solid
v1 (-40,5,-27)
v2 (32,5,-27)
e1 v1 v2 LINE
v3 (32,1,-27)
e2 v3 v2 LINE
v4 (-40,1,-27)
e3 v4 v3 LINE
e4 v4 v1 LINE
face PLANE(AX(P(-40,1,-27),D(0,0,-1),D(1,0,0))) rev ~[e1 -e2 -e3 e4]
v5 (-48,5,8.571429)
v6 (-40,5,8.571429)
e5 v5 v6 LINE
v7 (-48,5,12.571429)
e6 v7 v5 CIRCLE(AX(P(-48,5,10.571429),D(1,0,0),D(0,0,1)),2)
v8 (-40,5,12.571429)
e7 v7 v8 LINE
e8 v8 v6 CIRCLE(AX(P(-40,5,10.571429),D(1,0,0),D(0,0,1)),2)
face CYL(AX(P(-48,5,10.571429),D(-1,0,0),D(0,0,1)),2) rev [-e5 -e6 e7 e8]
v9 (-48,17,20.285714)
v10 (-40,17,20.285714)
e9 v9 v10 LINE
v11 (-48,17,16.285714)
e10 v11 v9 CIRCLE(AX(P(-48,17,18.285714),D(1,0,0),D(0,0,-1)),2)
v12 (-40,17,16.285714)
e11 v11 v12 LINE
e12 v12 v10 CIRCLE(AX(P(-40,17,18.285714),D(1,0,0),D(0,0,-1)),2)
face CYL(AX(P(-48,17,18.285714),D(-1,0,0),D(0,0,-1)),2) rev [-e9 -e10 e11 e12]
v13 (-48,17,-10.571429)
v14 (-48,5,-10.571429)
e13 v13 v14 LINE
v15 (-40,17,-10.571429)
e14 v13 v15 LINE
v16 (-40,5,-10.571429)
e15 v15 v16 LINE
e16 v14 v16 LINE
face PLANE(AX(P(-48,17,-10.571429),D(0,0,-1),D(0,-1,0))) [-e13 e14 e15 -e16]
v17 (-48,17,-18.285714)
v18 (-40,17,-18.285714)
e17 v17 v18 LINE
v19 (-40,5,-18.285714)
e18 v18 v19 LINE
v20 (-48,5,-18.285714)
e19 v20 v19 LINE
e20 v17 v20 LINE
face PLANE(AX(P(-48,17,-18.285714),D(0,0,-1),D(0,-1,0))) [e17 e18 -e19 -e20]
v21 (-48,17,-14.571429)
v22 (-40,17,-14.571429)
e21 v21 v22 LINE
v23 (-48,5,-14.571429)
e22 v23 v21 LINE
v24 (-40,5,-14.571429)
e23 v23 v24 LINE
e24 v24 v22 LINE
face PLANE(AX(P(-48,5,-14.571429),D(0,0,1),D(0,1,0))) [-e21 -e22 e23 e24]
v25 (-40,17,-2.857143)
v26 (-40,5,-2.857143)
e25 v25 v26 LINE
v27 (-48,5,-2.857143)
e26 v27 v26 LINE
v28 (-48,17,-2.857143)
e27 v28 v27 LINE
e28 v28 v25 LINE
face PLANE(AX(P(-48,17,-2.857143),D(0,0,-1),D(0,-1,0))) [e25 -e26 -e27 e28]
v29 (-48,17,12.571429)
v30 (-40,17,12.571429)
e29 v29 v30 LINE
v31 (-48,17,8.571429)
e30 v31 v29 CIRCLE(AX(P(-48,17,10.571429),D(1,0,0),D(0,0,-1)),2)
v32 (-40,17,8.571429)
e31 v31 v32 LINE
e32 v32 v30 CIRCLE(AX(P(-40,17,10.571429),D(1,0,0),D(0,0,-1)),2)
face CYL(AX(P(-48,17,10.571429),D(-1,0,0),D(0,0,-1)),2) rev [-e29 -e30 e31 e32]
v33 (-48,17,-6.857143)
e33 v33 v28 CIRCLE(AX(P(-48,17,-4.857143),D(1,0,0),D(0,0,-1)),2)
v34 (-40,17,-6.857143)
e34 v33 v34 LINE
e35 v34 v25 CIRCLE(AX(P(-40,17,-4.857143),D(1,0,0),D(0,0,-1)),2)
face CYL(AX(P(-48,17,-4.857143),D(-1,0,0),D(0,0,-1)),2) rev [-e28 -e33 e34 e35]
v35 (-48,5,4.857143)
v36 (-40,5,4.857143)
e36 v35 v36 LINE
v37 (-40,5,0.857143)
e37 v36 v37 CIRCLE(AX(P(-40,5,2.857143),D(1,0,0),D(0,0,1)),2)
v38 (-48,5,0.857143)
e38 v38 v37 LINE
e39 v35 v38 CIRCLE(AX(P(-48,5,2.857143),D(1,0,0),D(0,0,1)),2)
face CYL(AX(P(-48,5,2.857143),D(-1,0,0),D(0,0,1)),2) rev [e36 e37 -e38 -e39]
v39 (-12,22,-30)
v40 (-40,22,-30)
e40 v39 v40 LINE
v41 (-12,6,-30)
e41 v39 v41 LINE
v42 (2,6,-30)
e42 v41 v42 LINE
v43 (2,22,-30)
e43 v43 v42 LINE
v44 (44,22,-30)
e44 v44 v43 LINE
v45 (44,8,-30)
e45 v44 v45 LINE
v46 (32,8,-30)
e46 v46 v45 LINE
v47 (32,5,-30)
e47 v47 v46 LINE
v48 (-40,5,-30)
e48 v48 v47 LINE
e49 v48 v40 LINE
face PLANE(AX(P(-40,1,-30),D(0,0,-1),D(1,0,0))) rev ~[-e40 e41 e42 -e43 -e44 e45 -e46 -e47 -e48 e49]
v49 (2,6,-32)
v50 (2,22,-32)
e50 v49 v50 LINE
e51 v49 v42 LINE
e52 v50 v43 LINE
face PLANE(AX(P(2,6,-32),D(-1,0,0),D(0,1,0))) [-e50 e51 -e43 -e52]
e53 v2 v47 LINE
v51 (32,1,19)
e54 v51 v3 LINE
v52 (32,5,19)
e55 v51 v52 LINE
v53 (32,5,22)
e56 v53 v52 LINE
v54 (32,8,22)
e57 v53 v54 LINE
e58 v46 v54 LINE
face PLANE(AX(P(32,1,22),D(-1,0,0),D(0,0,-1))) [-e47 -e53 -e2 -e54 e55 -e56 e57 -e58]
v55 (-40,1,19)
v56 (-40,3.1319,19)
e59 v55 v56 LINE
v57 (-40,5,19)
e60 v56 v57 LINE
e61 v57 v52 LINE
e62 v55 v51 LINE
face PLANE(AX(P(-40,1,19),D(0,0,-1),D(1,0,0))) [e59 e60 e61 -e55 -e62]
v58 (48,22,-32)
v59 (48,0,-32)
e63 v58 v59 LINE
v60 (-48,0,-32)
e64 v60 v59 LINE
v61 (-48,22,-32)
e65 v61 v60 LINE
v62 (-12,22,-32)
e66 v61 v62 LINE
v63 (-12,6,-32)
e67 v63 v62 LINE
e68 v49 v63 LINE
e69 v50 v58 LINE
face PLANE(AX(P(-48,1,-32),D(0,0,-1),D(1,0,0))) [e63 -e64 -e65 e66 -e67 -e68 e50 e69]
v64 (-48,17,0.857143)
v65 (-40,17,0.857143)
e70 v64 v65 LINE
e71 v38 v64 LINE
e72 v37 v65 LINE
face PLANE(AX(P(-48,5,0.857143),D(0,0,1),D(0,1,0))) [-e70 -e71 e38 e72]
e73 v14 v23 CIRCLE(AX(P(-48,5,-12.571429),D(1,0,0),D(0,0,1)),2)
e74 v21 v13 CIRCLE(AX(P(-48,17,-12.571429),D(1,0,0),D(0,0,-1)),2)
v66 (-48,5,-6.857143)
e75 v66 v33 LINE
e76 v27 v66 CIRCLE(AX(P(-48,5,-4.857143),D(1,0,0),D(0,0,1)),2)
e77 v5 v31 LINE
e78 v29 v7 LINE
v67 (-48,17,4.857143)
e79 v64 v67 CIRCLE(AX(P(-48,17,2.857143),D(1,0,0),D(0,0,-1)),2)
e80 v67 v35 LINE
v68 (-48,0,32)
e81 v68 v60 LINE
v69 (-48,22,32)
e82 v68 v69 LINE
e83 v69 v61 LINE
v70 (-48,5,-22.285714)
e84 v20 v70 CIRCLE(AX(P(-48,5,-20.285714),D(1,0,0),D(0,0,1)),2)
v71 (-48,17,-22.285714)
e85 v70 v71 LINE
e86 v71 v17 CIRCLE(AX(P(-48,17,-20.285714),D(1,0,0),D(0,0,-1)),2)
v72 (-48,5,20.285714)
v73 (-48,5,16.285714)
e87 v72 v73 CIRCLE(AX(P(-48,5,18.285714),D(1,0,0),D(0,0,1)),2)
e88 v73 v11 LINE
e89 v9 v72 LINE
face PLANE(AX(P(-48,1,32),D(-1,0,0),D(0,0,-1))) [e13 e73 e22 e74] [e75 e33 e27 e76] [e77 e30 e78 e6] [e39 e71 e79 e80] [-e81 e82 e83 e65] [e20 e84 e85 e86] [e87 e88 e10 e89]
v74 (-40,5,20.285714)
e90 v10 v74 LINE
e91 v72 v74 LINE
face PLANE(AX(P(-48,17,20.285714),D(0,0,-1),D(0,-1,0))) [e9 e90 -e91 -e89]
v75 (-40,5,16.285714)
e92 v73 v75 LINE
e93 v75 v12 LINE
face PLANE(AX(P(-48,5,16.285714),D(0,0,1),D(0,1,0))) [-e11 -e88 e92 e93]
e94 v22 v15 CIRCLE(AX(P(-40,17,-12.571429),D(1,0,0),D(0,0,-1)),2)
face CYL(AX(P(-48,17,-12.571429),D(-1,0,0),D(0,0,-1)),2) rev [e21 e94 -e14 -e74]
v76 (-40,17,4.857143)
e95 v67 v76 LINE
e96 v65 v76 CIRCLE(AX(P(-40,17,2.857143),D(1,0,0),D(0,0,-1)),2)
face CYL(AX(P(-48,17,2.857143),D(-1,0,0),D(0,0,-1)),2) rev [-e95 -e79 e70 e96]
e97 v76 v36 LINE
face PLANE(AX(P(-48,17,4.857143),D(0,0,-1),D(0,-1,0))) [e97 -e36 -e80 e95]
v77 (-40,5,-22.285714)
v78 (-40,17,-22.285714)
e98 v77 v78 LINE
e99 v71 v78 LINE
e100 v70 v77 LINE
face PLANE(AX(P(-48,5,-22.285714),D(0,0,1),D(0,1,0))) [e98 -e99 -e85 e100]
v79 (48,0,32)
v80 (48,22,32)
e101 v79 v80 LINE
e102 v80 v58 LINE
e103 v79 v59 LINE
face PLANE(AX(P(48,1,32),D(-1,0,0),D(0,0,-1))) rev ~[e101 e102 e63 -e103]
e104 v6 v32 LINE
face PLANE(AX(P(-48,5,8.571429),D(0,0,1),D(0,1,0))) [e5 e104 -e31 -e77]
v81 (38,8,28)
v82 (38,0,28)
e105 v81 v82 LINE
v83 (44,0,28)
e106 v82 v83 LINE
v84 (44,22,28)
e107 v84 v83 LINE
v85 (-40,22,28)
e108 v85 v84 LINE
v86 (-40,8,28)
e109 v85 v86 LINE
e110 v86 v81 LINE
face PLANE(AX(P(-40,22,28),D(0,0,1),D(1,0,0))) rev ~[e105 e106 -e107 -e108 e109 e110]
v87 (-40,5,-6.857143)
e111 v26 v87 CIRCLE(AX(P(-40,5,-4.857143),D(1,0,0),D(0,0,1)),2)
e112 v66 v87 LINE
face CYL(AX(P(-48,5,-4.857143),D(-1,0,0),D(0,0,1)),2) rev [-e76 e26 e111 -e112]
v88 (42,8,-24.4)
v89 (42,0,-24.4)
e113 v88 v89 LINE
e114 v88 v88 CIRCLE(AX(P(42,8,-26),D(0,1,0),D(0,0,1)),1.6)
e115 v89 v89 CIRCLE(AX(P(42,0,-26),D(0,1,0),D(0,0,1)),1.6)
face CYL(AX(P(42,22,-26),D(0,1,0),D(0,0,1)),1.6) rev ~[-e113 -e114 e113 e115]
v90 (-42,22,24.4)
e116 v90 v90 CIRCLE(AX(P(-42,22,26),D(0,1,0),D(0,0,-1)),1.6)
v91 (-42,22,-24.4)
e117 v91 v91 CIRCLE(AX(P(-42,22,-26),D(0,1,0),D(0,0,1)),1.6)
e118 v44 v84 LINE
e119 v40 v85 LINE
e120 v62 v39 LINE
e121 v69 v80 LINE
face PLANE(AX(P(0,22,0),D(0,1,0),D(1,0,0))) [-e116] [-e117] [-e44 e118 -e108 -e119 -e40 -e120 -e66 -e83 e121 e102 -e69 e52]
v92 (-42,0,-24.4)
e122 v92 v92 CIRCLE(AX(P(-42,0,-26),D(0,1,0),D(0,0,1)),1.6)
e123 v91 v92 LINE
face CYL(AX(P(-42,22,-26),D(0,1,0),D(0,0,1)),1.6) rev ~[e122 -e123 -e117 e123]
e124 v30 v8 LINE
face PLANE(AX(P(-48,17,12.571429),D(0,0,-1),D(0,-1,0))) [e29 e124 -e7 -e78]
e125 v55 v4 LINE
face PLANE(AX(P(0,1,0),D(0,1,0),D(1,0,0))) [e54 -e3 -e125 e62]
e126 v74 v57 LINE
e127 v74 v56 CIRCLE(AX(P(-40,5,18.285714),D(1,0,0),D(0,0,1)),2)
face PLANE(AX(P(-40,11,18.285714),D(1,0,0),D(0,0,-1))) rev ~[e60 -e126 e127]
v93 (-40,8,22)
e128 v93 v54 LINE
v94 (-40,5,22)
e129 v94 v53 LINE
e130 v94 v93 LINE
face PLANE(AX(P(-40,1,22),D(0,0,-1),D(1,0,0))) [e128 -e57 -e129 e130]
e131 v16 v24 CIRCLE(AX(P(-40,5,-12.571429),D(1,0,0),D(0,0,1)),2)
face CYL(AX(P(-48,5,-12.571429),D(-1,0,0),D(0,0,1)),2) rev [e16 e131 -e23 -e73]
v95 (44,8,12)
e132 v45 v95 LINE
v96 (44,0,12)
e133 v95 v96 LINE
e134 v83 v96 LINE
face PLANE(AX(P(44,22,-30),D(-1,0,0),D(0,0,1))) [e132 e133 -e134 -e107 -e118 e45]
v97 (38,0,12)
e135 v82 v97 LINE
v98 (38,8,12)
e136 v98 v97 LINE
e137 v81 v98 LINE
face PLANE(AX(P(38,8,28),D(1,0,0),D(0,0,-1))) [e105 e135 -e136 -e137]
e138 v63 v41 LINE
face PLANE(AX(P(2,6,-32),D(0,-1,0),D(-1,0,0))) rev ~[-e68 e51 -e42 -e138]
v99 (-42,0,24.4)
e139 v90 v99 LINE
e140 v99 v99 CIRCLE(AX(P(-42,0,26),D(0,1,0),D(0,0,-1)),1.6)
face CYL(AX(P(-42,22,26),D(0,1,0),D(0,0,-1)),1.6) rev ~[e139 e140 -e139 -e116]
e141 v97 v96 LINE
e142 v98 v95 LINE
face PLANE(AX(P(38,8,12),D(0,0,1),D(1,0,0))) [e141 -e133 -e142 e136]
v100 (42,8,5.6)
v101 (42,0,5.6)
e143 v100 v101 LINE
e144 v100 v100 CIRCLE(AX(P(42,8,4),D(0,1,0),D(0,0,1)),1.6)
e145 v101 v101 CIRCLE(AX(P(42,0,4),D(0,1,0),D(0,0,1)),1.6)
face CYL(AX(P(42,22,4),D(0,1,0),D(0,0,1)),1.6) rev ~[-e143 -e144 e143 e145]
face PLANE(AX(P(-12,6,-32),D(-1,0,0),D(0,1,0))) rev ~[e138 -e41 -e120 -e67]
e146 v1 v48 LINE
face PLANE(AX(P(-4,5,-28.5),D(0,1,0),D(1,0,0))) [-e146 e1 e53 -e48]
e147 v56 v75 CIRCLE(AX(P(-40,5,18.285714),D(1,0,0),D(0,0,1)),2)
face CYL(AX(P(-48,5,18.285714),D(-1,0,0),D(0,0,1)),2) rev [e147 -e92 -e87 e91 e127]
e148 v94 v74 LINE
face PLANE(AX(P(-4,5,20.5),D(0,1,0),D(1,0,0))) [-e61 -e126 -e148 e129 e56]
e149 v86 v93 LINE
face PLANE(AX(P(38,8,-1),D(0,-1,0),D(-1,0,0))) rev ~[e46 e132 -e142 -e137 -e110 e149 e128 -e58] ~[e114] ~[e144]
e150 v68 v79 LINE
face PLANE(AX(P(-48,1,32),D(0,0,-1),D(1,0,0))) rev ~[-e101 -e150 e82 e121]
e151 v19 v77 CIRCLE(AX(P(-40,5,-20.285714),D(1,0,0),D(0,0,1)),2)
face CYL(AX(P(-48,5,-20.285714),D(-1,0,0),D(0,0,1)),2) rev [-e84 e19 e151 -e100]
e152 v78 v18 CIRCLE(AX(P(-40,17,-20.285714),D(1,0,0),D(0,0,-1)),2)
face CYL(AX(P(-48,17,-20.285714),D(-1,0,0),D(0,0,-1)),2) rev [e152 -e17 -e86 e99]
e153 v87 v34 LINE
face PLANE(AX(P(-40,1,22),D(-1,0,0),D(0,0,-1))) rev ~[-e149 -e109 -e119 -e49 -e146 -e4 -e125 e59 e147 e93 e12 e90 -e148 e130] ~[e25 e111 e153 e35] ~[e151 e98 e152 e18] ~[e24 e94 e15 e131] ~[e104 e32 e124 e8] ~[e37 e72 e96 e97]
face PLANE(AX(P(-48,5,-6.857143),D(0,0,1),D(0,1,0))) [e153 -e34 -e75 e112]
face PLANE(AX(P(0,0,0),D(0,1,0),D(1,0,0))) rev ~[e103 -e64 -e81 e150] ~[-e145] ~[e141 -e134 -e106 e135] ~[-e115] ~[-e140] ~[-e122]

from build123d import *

# Parameters (mm, degrees)
SKETCH1_W                      = 96
SKETCH1_H                      = 64
BOSS_EXTRUDE1_DEPTH            = 1
SKETCH2_W                      = 96
SKETCH2_H                      = 64
SKETCH2_W_2                    = 72
SKETCH2_H_2                    = 52
BOSS_EXTRUDE2_DEPTH            = 21
SKETCH3_W                      = 72
SKETCH3_H                      = 3
BOSS_EXTRUDE3_DEPTH            = 4
SKETCH4_W                      = 72
SKETCH4_H                      = 6
CUT_EXTRUDE1_DEPTH             = 14
SKETCH5_W                      = 6
SKETCH5_H                      = 16
CUT_EXTRUDE2_DEPTH             = 60.363288319
CUT_EXTRUDE3_REACH             = 84.97
SKETCH6_W                      = 14
SKETCH6_H                      = 16
CUT_EXTRUDE3_DIRECTION_2_DEPTH = 83.969874051
SKETCH7_R                      = 1.6
CUT_EXTRUDE4_DEPTH             = 62.741396162
CUT_EXTRUDE5_DEPTH             = 8


with BuildPart() as part:
    # Sketch1 → Boss-Extrude1 (new body)
    with BuildSketch(Plane(origin=(0, 0, 0), x_dir=(1, 0, 0), z_dir=(0, 1, 0))):
        Rectangle(SKETCH1_W, SKETCH1_H)
    extrude(amount=BOSS_EXTRUDE1_DEPTH)

    # Sketch2 → Boss-Extrude2 (add)
    with BuildSketch(Plane(origin=(0, 1, 0), x_dir=(1, 0, 0), z_dir=(0, 1, 0))):
        Rectangle(SKETCH2_W, SKETCH2_H)
        with Locations((-4, 4)):
            Rectangle(SKETCH2_W_2, SKETCH2_H_2, mode=Mode.SUBTRACT)
    extrude(amount=BOSS_EXTRUDE2_DEPTH)

    # Sketch3 → Boss-Extrude3 (add)
    with BuildSketch(Plane(origin=(0, 1, 0), x_dir=(1, 0, 0), z_dir=(0, 1, 0))):
        with Locations((-4, -20.5)):
            Rectangle(SKETCH3_W, SKETCH3_H)
        with Locations((-4, 28.5)):
            Rectangle(SKETCH3_W, SKETCH3_H)
    extrude(amount=BOSS_EXTRUDE3_DEPTH)

    # Sketch4 → Cut-Extrude1 (cut)
    with BuildSketch(Plane(origin=(0, 22, 0), x_dir=(1, 0, 0), z_dir=(0, 1, 0))):
        Polygon((44, 30), (44, -28), (32, -28), (32, -22), (32, 30), align=None)
        with Locations((-4, -25)):
            Rectangle(SKETCH4_W, SKETCH4_H)
    extrude(amount=-CUT_EXTRUDE1_DEPTH, mode=Mode.SUBTRACT)

    # Sketch5 → Cut-Extrude2 (cut, through all)
    with BuildSketch(Plane(origin=(0, 8, 0), x_dir=(1, 0, 0), z_dir=(0, 1, 0))):
        with Locations((41, -20)):
            Rectangle(SKETCH5_W, SKETCH5_H)
    extrude(amount=-CUT_EXTRUDE2_DEPTH, mode=Mode.SUBTRACT)

    # Sketch6 → Cut-Extrude3 (cut, up to next)
    with BuildSketch(Plane(origin=(0, 0, -32), x_dir=(-1, 0, 0), z_dir=(0, 0, -1)), mode=Mode.PRIVATE) as cut_extrude3_sk1:
        with Locations((5, 14)):
            Rectangle(SKETCH6_W, SKETCH6_H)
    cut_extrude3_tool1 = extrude(cut_extrude3_sk1.sketch, amount=-CUT_EXTRUDE3_REACH, mode=Mode.PRIVATE) & part.part
    add(cut_extrude3_tool1.solids().sort_by_distance((-5, 14, -32))[0], mode=Mode.SUBTRACT)

    # Sketch6 → Cut-Extrude3 direction 2 (cut)
    with BuildSketch(Plane(origin=(0, 0, -32), x_dir=(-1, 0, 0), z_dir=(0, 0, -1))):
        with Locations((5, 14)):
            Rectangle(SKETCH6_W, SKETCH6_H)
    extrude(amount=CUT_EXTRUDE3_DIRECTION_2_DEPTH, mode=Mode.SUBTRACT)

    # Sketch7 → Cut-Extrude4 (cut, through all)
    with BuildSketch(Plane(origin=(0, 22, 0), x_dir=(1, 0, 0), z_dir=(0, 1, 0))):
        with Locations(Location((-42, 26, 0), (0, 0, 270))):
            Circle(SKETCH7_R)
        with Locations(Location((-42, -26, 0), (0, 0, 90))):
            Circle(SKETCH7_R)
        with Locations(Location((42, 26, 0), (0, 0, 270))):
            Circle(SKETCH7_R)
        with Locations(Location((42, -4, 0), (0, 0, 270))):
            Circle(SKETCH7_R)
    extrude(amount=-CUT_EXTRUDE4_DEPTH, mode=Mode.SUBTRACT)

    # Sketch9 → Cut-Extrude5 (cut)
    with BuildSketch(Plane.ZY.offset(48)):
        with BuildLine():
            Line((-18.285714286, 17), (-18.285714286, 5))
            ThreePointArc((-18.285714286, 5), (-20.285714286, 3), (-22.285714286, 5))
            Line((-22.285714286, 5), (-22.285714286, 17))
            ThreePointArc((-22.285714286, 17), (-20.285714286, 19), (-18.285714286, 17))
        make_face()
        with BuildLine():
            Line((-10.571428571, 17), (-10.571428571, 5))
            ThreePointArc((-10.571428571, 5), (-12.571428571, 3), (-14.571428571, 5))
            Line((-14.571428571, 5), (-14.571428571, 17))
            ThreePointArc((-14.571428571, 17), (-12.571428571, 19), (-10.571428571, 17))
        make_face()
        with BuildLine():
            Line((-2.857142857, 17), (-2.857142857, 5))
            ThreePointArc((-2.857142857, 5), (-4.857142857, 3), (-6.857142857, 5))
            Line((-6.857142857, 5), (-6.857142857, 17))
            ThreePointArc((-6.857142857, 17), (-4.857142857, 19), (-2.857142857, 17))
        make_face()
        with BuildLine():
            Line((4.857142857, 17), (4.857142857, 5))
            ThreePointArc((4.857142857, 5), (2.857142857, 3), (0.857142857, 5))
            Line((0.857142857, 5), (0.857142857, 17))
            ThreePointArc((0.857142857, 17), (2.857142857, 19), (4.857142857, 17))
        make_face()
        with BuildLine():
            Line((12.571428571, 17), (12.571428571, 5))
            ThreePointArc((12.571428571, 5), (10.571428571, 3), (8.571428571, 5))
            Line((8.571428571, 5), (8.571428571, 17))
            ThreePointArc((8.571428571, 17), (10.571428571, 19), (12.571428571, 17))
        make_face()
        with BuildLine():
            Line((20.285714286, 17), (20.285714286, 5))
            ThreePointArc((20.285714286, 5), (18.285714286, 3), (16.285714286, 5))
            Line((16.285714286, 5), (16.285714286, 17))
            ThreePointArc((16.285714286, 17), (18.285714286, 19), (20.285714286, 17))
        make_face()
    extrude(amount=-CUT_EXTRUDE5_DEPTH, mode=Mode.SUBTRACT)


solid = part.part
